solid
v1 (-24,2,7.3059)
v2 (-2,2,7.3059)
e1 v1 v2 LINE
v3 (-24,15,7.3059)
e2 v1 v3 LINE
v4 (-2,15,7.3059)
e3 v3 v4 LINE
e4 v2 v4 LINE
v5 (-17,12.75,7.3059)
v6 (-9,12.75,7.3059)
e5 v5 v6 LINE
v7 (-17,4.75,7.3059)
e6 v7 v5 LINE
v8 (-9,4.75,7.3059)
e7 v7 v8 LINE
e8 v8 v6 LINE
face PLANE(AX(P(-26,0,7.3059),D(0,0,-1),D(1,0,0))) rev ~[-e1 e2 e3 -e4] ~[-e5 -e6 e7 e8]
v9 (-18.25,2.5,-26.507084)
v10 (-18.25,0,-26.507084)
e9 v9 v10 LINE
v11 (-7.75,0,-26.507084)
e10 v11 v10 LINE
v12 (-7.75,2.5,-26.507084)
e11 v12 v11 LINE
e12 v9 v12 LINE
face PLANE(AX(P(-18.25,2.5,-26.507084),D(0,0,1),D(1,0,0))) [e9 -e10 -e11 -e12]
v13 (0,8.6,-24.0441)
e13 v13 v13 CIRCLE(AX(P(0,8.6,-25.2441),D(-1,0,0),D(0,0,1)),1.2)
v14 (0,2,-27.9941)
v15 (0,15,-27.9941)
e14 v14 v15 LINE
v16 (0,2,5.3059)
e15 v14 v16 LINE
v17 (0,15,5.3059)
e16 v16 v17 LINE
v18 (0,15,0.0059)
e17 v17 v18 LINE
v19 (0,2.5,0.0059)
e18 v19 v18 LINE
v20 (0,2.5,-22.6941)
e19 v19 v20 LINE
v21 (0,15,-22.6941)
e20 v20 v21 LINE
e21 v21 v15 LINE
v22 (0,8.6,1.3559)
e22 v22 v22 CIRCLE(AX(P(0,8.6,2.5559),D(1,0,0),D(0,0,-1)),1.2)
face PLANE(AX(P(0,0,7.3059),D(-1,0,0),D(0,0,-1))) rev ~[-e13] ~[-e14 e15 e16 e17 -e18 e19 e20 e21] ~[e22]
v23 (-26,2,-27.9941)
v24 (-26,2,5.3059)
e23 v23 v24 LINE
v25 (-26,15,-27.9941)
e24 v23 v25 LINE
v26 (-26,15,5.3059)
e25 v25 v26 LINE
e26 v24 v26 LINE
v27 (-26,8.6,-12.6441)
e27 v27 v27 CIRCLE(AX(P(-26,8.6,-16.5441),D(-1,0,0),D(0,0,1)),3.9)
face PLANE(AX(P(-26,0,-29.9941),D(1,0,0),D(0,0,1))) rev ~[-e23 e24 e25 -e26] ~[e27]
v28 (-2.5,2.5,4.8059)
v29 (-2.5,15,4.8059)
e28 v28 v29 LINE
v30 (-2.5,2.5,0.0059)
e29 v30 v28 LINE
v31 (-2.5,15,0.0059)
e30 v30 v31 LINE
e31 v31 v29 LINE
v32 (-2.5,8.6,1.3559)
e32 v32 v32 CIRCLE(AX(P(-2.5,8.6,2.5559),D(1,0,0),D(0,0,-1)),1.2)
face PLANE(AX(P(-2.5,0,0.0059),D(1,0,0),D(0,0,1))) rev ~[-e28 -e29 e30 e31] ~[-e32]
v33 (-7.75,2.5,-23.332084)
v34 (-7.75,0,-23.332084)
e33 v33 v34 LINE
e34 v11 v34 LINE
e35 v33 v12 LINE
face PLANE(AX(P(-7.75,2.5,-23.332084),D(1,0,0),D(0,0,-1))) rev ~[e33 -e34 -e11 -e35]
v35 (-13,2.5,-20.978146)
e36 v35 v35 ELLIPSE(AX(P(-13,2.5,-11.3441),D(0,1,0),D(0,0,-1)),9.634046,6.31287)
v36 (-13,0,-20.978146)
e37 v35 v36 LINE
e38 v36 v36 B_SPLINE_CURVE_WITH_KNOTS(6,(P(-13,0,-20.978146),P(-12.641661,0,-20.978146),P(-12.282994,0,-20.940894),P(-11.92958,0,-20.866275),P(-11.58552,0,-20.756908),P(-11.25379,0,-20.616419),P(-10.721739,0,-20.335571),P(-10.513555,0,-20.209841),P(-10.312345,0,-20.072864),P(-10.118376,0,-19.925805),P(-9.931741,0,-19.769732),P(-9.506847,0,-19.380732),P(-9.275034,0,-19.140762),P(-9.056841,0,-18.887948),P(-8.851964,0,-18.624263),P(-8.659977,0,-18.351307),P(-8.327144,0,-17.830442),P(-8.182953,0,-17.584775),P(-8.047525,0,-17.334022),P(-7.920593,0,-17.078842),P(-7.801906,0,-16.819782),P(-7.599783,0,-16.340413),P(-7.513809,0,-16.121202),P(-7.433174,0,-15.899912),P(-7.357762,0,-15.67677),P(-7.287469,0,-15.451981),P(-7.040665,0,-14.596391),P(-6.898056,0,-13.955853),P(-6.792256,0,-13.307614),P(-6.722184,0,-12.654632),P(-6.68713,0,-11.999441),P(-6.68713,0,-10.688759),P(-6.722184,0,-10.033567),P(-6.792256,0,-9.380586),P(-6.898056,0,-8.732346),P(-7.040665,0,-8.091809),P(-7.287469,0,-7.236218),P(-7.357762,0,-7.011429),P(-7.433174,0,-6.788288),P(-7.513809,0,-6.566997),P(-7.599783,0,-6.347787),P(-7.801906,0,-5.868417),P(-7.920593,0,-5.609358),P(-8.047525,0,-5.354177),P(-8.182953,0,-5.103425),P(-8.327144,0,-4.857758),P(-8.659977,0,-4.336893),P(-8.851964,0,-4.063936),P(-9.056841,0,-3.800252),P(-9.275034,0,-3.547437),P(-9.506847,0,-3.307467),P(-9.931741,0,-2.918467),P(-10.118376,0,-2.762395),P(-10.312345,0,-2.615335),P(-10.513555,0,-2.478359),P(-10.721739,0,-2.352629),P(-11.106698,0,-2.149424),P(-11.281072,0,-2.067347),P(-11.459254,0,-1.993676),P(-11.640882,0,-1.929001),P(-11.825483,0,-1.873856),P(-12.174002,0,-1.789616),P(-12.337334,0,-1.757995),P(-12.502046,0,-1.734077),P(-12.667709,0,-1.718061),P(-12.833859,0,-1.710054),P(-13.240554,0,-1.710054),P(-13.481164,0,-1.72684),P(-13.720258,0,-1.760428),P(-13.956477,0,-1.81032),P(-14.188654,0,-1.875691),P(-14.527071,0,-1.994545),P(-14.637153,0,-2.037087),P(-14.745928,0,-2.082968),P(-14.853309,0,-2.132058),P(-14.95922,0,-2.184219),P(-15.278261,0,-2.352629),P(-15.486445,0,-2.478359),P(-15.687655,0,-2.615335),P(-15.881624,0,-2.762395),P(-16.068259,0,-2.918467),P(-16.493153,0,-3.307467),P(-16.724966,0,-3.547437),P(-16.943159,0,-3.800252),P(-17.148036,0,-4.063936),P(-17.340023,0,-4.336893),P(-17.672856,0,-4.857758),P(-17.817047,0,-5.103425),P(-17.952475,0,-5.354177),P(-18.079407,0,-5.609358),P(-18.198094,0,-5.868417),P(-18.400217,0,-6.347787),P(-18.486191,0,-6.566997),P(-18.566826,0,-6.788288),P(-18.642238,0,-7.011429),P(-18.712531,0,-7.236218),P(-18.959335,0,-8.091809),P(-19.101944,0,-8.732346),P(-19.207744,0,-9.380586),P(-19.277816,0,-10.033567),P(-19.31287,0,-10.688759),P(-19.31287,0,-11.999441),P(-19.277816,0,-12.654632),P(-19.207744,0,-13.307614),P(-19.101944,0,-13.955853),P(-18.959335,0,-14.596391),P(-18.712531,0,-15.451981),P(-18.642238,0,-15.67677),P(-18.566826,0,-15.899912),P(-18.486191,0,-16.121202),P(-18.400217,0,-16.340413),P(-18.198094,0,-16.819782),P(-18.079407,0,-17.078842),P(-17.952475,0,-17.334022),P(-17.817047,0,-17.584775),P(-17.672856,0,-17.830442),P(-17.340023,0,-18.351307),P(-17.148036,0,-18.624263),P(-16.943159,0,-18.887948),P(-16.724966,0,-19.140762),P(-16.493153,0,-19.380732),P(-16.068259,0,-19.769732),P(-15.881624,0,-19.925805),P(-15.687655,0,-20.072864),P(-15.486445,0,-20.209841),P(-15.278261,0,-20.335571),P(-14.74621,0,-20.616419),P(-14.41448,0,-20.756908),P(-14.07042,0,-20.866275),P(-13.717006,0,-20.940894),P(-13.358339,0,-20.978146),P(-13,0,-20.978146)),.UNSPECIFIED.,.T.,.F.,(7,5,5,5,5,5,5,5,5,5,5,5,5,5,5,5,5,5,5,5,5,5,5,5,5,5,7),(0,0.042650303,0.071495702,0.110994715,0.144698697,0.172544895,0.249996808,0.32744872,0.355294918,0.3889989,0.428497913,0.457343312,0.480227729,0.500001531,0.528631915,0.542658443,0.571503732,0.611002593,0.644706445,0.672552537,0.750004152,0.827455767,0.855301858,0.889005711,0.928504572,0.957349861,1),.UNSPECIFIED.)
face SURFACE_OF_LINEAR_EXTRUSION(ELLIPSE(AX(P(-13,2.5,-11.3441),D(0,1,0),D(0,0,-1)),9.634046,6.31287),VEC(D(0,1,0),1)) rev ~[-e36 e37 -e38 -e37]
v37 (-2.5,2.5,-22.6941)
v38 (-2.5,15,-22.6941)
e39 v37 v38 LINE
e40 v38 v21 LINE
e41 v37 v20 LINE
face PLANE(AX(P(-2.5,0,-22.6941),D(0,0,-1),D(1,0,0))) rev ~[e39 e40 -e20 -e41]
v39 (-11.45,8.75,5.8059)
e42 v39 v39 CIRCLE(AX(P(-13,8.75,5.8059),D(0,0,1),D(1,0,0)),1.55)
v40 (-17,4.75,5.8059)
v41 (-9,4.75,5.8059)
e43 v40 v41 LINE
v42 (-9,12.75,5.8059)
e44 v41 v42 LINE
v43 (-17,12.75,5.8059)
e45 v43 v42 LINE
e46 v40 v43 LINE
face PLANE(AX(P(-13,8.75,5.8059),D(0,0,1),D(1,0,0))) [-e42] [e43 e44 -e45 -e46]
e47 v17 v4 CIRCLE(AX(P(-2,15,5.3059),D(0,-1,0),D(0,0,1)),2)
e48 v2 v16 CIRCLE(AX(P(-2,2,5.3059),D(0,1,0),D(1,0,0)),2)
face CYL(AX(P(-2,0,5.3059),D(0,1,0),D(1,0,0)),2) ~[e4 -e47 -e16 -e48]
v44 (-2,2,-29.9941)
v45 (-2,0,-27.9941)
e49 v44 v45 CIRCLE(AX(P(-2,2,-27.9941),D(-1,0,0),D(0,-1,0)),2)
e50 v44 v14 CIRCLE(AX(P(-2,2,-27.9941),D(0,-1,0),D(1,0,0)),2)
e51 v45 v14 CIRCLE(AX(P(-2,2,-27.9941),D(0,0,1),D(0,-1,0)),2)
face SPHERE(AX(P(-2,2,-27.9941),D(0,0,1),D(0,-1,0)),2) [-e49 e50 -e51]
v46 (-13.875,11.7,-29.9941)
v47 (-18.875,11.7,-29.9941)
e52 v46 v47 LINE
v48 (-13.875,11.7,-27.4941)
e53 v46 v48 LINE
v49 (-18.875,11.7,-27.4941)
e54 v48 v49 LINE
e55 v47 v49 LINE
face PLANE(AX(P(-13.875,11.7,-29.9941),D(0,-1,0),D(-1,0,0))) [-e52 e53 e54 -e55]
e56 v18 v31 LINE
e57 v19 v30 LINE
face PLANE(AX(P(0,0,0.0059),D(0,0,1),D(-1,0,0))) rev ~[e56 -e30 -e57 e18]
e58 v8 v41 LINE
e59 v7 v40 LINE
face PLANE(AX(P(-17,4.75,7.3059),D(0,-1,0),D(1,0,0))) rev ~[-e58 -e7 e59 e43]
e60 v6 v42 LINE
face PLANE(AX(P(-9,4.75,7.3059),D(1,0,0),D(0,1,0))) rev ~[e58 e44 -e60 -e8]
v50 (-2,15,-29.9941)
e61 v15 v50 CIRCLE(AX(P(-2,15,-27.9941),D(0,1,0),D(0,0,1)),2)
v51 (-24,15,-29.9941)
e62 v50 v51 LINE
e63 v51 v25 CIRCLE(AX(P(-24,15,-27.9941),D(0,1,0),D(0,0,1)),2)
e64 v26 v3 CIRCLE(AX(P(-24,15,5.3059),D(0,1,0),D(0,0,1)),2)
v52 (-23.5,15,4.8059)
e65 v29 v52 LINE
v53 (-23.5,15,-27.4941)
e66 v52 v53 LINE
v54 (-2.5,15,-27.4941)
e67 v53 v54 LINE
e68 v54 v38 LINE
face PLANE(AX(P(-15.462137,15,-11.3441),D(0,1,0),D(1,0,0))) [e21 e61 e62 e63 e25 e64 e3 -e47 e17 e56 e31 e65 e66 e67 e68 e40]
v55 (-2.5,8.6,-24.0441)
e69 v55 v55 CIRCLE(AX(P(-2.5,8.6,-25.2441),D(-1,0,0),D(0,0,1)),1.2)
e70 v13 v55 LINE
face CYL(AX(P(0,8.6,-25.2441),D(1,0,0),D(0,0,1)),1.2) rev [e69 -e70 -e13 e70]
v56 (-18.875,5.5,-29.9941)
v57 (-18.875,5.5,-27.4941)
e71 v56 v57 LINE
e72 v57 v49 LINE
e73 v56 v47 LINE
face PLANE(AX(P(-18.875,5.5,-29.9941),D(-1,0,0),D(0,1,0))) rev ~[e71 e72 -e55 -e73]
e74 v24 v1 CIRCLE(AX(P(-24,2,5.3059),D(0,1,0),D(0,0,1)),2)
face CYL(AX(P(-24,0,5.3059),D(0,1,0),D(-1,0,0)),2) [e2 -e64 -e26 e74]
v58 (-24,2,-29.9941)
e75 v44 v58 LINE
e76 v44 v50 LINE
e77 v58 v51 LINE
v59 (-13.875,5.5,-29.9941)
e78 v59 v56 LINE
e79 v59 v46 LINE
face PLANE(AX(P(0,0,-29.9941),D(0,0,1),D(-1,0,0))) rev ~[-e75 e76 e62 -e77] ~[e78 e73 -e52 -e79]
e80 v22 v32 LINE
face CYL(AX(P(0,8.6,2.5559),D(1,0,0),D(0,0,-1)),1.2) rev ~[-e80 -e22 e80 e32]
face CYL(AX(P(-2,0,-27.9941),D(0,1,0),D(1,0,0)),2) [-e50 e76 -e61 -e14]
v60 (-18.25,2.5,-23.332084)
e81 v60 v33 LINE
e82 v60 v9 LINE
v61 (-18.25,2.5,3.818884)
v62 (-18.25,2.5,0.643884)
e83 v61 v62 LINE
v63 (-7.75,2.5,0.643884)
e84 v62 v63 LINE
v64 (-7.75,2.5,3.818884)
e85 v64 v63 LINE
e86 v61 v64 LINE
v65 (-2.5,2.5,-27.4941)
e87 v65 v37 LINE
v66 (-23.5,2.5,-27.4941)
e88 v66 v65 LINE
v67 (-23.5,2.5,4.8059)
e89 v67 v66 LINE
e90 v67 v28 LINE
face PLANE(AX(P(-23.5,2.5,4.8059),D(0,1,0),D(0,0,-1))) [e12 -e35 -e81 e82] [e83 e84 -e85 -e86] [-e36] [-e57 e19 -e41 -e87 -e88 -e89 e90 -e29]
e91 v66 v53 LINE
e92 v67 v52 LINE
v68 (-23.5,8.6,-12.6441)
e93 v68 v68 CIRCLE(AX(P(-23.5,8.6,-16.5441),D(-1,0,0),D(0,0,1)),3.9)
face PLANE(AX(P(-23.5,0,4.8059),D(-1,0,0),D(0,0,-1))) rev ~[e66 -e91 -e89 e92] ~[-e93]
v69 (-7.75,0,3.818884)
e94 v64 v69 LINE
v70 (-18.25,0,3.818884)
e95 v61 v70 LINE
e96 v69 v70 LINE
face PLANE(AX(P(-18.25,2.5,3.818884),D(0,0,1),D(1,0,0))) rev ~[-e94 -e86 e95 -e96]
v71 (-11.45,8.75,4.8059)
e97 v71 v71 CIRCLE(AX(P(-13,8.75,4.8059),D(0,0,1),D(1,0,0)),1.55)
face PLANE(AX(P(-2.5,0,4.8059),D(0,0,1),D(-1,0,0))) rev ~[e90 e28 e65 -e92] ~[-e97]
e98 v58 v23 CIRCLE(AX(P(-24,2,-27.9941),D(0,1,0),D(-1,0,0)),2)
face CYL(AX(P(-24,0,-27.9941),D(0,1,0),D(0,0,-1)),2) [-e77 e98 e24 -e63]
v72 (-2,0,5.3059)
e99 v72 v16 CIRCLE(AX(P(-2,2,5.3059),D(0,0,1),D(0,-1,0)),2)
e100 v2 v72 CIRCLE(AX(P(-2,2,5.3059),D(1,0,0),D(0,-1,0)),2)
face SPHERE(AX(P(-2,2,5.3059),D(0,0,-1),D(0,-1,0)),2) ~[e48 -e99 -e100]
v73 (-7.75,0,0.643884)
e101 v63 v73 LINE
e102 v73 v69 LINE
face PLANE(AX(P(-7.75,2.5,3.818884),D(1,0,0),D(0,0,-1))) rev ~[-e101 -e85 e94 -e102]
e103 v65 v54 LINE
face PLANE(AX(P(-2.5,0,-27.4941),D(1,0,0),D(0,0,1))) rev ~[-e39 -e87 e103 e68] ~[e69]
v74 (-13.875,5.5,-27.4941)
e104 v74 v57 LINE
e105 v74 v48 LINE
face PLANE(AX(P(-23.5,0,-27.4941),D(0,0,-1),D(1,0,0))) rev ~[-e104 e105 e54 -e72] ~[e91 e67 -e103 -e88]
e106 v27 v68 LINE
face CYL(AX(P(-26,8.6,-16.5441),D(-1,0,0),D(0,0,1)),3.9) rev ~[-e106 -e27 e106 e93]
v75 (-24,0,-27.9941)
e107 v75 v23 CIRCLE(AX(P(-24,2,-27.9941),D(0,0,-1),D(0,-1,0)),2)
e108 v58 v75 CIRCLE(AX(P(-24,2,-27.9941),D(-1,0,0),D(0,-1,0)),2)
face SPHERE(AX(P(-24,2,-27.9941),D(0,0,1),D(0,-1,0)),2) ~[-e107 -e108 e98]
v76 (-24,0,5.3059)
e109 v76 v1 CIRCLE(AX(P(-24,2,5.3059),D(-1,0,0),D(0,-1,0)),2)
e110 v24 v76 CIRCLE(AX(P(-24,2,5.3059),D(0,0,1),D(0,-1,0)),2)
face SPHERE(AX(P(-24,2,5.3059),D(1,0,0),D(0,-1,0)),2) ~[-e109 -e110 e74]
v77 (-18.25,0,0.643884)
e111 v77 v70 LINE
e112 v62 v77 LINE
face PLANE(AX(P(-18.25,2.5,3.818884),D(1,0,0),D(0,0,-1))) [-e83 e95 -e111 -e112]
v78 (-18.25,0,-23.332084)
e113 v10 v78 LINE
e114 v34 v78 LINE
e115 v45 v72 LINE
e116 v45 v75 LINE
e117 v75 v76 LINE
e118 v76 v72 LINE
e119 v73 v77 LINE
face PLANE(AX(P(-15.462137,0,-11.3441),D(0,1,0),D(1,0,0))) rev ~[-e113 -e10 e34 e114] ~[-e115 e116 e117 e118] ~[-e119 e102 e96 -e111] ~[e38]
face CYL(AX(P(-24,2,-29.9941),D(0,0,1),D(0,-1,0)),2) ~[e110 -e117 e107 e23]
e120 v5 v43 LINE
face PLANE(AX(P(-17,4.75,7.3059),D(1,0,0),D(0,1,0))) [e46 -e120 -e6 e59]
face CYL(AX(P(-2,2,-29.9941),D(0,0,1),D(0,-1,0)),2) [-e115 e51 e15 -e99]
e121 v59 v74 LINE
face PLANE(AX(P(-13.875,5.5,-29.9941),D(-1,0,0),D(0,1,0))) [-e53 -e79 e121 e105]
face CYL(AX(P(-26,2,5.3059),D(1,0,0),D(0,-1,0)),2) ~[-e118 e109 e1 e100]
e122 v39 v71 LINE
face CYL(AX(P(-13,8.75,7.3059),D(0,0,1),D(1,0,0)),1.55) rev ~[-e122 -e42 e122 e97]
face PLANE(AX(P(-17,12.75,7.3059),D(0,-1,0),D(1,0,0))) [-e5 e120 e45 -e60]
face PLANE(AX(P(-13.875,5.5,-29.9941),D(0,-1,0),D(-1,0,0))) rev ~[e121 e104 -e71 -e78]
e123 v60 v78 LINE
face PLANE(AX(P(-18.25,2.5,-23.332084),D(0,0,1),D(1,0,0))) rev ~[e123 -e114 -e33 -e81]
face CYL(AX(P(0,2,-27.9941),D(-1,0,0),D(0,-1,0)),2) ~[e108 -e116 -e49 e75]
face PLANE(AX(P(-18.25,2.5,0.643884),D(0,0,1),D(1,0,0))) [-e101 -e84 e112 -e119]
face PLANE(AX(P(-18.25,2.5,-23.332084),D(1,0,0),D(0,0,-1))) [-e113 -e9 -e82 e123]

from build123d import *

# Parameters (mm, degrees)
BOSS_EXTRUDE1_DEPTH = 15
SKETCH2_W           = 32.3
SKETCH2_H           = 2.5
BOSS_EXTRUDE2_DEPTH = 23.5
SKETCH3_W           = 5
SKETCH3_H           = 6.2
CUT_EXTRUDE1_DEPTH  = 12.5
CUT_EXTRUDE2_REACH  = 28
SKETCH4_R           = 3.9
SKETCH5_R           = 1.2
CUT_EXTRUDE3_DEPTH  = 2.5
CUT_EXTRUDE4_REACH  = 39.3
SKETCH6_R           = 1.55
FILLET2_R           = 2
SKETCH7_W           = 8
SKETCH7_H           = 8
SKETCH7_R           = 1.55
CUT_EXTRUDE5_DEPTH  = 1.5
CUT_EXTRUDE6_REACH  = 4.5
SKETCH8_RX          = 9.634046057
SKETCH8_RY          = 6.312870092
SKETCH8_W           = 10.5
SKETCH8_H           = 3.175


with BuildPart() as part:
    # Sketch1 → Boss-Extrude1 (new body)
    with BuildSketch(Plane(origin=(0, 0, 0), x_dir=(1, 0, 0), z_dir=(0, 1, 0))):
        Polygon((0, 29.994099724), (-26, 29.994099724), (-26, -7.305900276), (0, -7.305900276), (0, -0.005900276), (-2.5, -0.005900276), (-2.5, -4.805900276), (-23.5, -4.805900276), (-23.5, 27.494099724), (-2.5, 27.494099724), (-2.5, 22.694099724), (0, 22.694099724), align=None)
    extrude(amount=BOSS_EXTRUDE1_DEPTH)

    # Sketch2 → Boss-Extrude2 (add, through all)
    with BuildSketch(Plane(origin=(-23.5, 0, 0), x_dir=(0, 0, -1), z_dir=(1, 0, 0))):
        with Locations((11.344099724, 1.25)):
            Rectangle(SKETCH2_W, SKETCH2_H)
    extrude(amount=BOSS_EXTRUDE2_DEPTH)

    # Sketch3 → Cut-Extrude1 (cut)
    with BuildSketch(Plane(origin=(0, 0, -29.994099724), x_dir=(-1, 0, 0), z_dir=(0, 0, -1))):
        with Locations((16.375, 8.6)):
            Rectangle(SKETCH3_W, SKETCH3_H)
    extrude(amount=-CUT_EXTRUDE1_DEPTH, mode=Mode.SUBTRACT)

    # Sketch4 → Cut-Extrude2 (cut, up to next)
    with BuildSketch(Plane.ZY.offset(26), mode=Mode.PRIVATE) as cut_extrude2_sk1:
        with Locations((-16.544099724, 8.6)):
            Circle(SKETCH4_R)
    cut_extrude2_tool1 = extrude(cut_extrude2_sk1.sketch, amount=-CUT_EXTRUDE2_REACH, mode=Mode.PRIVATE) & part.part
    add(cut_extrude2_tool1.solids().sort_by_distance((-26, 8.6, -16.5441))[0], mode=Mode.SUBTRACT)

    # Sketch5 → Cut-Extrude3 (cut)
    with BuildSketch(Plane(origin=(0, 0, 0), x_dir=(0, 0, -1), z_dir=(1, 0, 0))):
        with Locations((-2.555900276, 8.6)):
            Circle(SKETCH5_R)
    cut_extrude3 = extrude(amount=-CUT_EXTRUDE3_DEPTH, mode=Mode.SUBTRACT)

    # Mirror1: Cut-Extrude3 across plane
    add(cut_extrude3.mirror(Plane.XY.offset(-11.344099724)), mode=Mode.SUBTRACT)

    # Sketch6 → Cut-Extrude4 (cut, up to next)
    with BuildSketch(Plane.XY.offset(7.305900276), mode=Mode.PRIVATE) as cut_extrude4_sk1:
        with Locations((-13, 8.75)):
            Circle(SKETCH6_R)
    cut_extrude4_tool1 = extrude(cut_extrude4_sk1.sketch, amount=-CUT_EXTRUDE4_REACH, mode=Mode.PRIVATE) & part.part
    add(cut_extrude4_tool1.solids().sort_by_distance((-13, 8.75, 7.3059))[0], mode=Mode.SUBTRACT)

    # Fillet2
    fillet2_edges = [part.edges().sort_by_distance(p)[0] for p in [
        (0, 0, -11.344099724),
        (-13, 0, 7.305900276),
        (-26, 0, -11.344099724),
        (-13, 0, -29.994099724),
        (0, 7.5, 7.305900276),
        (-26, 7.5, 7.305900276),
        (-26, 7.5, -29.994099724),
        (0, 7.5, -29.994099724),
    ]]
    fillet(fillet2_edges, radius=FILLET2_R)

    # Sketch7 → Cut-Extrude5 (cut)
    with BuildSketch(Plane.XY.offset(7.305900276)):
        with Locations((-13, 8.75)):
            Rectangle(SKETCH7_W, SKETCH7_H)
        with Locations((-13, 8.75)):
            Circle(SKETCH7_R, mode=Mode.SUBTRACT)
    extrude(amount=-CUT_EXTRUDE5_DEPTH, mode=Mode.SUBTRACT)

    # Sketch8 → Cut-Extrude6 (cut, up to next)
    with BuildSketch(Plane(origin=(0, 2.5, 0), x_dir=(1, 0, 0), z_dir=(0, 1, 0)), mode=Mode.PRIVATE) as cut_extrude6_sk1:
        with Locations(Location((-13, 11.344099724), (0, 0, 90))):
            Ellipse(SKETCH8_RX, SKETCH8_RY)
    cut_extrude6_tool1 = extrude(cut_extrude6_sk1.sketch, amount=-CUT_EXTRUDE6_REACH, mode=Mode.PRIVATE) & part.part
    add(cut_extrude6_tool1.solids().sort_by_distance((-13, 2.5, -11.3441))[0], mode=Mode.SUBTRACT)
    # Sketch8 → Cut-Extrude6 (cut, up to next)
    with BuildSketch(Plane(origin=(0, 2.5, 0), x_dir=(1, 0, 0), z_dir=(0, 1, 0)), mode=Mode.PRIVATE) as cut_extrude6_sk2:
        with Locations((-13, -2.231384095)):
            Rectangle(SKETCH8_W, SKETCH8_H)
    cut_extrude6_tool2 = extrude(cut_extrude6_sk2.sketch, amount=-CUT_EXTRUDE6_REACH, mode=Mode.PRIVATE) & part.part
    add(cut_extrude6_tool2.solids().sort_by_distance((-13, 2.5, 2.231384))[0], mode=Mode.SUBTRACT)
    # Sketch8 → Cut-Extrude6 (cut, up to next)
    with BuildSketch(Plane(origin=(0, 2.5, 0), x_dir=(1, 0, 0), z_dir=(0, 1, 0)), mode=Mode.PRIVATE) as cut_extrude6_sk3:
        with Locations((-13, 24.919583542)):
            Rectangle(SKETCH8_W, SKETCH8_H)
    cut_extrude6_tool3 = extrude(cut_extrude6_sk3.sketch, amount=-CUT_EXTRUDE6_REACH, mode=Mode.PRIVATE) & part.part
    add(cut_extrude6_tool3.solids().sort_by_distance((-13, 2.5, -24.919584))[0], mode=Mode.SUBTRACT)


solid = part.part
